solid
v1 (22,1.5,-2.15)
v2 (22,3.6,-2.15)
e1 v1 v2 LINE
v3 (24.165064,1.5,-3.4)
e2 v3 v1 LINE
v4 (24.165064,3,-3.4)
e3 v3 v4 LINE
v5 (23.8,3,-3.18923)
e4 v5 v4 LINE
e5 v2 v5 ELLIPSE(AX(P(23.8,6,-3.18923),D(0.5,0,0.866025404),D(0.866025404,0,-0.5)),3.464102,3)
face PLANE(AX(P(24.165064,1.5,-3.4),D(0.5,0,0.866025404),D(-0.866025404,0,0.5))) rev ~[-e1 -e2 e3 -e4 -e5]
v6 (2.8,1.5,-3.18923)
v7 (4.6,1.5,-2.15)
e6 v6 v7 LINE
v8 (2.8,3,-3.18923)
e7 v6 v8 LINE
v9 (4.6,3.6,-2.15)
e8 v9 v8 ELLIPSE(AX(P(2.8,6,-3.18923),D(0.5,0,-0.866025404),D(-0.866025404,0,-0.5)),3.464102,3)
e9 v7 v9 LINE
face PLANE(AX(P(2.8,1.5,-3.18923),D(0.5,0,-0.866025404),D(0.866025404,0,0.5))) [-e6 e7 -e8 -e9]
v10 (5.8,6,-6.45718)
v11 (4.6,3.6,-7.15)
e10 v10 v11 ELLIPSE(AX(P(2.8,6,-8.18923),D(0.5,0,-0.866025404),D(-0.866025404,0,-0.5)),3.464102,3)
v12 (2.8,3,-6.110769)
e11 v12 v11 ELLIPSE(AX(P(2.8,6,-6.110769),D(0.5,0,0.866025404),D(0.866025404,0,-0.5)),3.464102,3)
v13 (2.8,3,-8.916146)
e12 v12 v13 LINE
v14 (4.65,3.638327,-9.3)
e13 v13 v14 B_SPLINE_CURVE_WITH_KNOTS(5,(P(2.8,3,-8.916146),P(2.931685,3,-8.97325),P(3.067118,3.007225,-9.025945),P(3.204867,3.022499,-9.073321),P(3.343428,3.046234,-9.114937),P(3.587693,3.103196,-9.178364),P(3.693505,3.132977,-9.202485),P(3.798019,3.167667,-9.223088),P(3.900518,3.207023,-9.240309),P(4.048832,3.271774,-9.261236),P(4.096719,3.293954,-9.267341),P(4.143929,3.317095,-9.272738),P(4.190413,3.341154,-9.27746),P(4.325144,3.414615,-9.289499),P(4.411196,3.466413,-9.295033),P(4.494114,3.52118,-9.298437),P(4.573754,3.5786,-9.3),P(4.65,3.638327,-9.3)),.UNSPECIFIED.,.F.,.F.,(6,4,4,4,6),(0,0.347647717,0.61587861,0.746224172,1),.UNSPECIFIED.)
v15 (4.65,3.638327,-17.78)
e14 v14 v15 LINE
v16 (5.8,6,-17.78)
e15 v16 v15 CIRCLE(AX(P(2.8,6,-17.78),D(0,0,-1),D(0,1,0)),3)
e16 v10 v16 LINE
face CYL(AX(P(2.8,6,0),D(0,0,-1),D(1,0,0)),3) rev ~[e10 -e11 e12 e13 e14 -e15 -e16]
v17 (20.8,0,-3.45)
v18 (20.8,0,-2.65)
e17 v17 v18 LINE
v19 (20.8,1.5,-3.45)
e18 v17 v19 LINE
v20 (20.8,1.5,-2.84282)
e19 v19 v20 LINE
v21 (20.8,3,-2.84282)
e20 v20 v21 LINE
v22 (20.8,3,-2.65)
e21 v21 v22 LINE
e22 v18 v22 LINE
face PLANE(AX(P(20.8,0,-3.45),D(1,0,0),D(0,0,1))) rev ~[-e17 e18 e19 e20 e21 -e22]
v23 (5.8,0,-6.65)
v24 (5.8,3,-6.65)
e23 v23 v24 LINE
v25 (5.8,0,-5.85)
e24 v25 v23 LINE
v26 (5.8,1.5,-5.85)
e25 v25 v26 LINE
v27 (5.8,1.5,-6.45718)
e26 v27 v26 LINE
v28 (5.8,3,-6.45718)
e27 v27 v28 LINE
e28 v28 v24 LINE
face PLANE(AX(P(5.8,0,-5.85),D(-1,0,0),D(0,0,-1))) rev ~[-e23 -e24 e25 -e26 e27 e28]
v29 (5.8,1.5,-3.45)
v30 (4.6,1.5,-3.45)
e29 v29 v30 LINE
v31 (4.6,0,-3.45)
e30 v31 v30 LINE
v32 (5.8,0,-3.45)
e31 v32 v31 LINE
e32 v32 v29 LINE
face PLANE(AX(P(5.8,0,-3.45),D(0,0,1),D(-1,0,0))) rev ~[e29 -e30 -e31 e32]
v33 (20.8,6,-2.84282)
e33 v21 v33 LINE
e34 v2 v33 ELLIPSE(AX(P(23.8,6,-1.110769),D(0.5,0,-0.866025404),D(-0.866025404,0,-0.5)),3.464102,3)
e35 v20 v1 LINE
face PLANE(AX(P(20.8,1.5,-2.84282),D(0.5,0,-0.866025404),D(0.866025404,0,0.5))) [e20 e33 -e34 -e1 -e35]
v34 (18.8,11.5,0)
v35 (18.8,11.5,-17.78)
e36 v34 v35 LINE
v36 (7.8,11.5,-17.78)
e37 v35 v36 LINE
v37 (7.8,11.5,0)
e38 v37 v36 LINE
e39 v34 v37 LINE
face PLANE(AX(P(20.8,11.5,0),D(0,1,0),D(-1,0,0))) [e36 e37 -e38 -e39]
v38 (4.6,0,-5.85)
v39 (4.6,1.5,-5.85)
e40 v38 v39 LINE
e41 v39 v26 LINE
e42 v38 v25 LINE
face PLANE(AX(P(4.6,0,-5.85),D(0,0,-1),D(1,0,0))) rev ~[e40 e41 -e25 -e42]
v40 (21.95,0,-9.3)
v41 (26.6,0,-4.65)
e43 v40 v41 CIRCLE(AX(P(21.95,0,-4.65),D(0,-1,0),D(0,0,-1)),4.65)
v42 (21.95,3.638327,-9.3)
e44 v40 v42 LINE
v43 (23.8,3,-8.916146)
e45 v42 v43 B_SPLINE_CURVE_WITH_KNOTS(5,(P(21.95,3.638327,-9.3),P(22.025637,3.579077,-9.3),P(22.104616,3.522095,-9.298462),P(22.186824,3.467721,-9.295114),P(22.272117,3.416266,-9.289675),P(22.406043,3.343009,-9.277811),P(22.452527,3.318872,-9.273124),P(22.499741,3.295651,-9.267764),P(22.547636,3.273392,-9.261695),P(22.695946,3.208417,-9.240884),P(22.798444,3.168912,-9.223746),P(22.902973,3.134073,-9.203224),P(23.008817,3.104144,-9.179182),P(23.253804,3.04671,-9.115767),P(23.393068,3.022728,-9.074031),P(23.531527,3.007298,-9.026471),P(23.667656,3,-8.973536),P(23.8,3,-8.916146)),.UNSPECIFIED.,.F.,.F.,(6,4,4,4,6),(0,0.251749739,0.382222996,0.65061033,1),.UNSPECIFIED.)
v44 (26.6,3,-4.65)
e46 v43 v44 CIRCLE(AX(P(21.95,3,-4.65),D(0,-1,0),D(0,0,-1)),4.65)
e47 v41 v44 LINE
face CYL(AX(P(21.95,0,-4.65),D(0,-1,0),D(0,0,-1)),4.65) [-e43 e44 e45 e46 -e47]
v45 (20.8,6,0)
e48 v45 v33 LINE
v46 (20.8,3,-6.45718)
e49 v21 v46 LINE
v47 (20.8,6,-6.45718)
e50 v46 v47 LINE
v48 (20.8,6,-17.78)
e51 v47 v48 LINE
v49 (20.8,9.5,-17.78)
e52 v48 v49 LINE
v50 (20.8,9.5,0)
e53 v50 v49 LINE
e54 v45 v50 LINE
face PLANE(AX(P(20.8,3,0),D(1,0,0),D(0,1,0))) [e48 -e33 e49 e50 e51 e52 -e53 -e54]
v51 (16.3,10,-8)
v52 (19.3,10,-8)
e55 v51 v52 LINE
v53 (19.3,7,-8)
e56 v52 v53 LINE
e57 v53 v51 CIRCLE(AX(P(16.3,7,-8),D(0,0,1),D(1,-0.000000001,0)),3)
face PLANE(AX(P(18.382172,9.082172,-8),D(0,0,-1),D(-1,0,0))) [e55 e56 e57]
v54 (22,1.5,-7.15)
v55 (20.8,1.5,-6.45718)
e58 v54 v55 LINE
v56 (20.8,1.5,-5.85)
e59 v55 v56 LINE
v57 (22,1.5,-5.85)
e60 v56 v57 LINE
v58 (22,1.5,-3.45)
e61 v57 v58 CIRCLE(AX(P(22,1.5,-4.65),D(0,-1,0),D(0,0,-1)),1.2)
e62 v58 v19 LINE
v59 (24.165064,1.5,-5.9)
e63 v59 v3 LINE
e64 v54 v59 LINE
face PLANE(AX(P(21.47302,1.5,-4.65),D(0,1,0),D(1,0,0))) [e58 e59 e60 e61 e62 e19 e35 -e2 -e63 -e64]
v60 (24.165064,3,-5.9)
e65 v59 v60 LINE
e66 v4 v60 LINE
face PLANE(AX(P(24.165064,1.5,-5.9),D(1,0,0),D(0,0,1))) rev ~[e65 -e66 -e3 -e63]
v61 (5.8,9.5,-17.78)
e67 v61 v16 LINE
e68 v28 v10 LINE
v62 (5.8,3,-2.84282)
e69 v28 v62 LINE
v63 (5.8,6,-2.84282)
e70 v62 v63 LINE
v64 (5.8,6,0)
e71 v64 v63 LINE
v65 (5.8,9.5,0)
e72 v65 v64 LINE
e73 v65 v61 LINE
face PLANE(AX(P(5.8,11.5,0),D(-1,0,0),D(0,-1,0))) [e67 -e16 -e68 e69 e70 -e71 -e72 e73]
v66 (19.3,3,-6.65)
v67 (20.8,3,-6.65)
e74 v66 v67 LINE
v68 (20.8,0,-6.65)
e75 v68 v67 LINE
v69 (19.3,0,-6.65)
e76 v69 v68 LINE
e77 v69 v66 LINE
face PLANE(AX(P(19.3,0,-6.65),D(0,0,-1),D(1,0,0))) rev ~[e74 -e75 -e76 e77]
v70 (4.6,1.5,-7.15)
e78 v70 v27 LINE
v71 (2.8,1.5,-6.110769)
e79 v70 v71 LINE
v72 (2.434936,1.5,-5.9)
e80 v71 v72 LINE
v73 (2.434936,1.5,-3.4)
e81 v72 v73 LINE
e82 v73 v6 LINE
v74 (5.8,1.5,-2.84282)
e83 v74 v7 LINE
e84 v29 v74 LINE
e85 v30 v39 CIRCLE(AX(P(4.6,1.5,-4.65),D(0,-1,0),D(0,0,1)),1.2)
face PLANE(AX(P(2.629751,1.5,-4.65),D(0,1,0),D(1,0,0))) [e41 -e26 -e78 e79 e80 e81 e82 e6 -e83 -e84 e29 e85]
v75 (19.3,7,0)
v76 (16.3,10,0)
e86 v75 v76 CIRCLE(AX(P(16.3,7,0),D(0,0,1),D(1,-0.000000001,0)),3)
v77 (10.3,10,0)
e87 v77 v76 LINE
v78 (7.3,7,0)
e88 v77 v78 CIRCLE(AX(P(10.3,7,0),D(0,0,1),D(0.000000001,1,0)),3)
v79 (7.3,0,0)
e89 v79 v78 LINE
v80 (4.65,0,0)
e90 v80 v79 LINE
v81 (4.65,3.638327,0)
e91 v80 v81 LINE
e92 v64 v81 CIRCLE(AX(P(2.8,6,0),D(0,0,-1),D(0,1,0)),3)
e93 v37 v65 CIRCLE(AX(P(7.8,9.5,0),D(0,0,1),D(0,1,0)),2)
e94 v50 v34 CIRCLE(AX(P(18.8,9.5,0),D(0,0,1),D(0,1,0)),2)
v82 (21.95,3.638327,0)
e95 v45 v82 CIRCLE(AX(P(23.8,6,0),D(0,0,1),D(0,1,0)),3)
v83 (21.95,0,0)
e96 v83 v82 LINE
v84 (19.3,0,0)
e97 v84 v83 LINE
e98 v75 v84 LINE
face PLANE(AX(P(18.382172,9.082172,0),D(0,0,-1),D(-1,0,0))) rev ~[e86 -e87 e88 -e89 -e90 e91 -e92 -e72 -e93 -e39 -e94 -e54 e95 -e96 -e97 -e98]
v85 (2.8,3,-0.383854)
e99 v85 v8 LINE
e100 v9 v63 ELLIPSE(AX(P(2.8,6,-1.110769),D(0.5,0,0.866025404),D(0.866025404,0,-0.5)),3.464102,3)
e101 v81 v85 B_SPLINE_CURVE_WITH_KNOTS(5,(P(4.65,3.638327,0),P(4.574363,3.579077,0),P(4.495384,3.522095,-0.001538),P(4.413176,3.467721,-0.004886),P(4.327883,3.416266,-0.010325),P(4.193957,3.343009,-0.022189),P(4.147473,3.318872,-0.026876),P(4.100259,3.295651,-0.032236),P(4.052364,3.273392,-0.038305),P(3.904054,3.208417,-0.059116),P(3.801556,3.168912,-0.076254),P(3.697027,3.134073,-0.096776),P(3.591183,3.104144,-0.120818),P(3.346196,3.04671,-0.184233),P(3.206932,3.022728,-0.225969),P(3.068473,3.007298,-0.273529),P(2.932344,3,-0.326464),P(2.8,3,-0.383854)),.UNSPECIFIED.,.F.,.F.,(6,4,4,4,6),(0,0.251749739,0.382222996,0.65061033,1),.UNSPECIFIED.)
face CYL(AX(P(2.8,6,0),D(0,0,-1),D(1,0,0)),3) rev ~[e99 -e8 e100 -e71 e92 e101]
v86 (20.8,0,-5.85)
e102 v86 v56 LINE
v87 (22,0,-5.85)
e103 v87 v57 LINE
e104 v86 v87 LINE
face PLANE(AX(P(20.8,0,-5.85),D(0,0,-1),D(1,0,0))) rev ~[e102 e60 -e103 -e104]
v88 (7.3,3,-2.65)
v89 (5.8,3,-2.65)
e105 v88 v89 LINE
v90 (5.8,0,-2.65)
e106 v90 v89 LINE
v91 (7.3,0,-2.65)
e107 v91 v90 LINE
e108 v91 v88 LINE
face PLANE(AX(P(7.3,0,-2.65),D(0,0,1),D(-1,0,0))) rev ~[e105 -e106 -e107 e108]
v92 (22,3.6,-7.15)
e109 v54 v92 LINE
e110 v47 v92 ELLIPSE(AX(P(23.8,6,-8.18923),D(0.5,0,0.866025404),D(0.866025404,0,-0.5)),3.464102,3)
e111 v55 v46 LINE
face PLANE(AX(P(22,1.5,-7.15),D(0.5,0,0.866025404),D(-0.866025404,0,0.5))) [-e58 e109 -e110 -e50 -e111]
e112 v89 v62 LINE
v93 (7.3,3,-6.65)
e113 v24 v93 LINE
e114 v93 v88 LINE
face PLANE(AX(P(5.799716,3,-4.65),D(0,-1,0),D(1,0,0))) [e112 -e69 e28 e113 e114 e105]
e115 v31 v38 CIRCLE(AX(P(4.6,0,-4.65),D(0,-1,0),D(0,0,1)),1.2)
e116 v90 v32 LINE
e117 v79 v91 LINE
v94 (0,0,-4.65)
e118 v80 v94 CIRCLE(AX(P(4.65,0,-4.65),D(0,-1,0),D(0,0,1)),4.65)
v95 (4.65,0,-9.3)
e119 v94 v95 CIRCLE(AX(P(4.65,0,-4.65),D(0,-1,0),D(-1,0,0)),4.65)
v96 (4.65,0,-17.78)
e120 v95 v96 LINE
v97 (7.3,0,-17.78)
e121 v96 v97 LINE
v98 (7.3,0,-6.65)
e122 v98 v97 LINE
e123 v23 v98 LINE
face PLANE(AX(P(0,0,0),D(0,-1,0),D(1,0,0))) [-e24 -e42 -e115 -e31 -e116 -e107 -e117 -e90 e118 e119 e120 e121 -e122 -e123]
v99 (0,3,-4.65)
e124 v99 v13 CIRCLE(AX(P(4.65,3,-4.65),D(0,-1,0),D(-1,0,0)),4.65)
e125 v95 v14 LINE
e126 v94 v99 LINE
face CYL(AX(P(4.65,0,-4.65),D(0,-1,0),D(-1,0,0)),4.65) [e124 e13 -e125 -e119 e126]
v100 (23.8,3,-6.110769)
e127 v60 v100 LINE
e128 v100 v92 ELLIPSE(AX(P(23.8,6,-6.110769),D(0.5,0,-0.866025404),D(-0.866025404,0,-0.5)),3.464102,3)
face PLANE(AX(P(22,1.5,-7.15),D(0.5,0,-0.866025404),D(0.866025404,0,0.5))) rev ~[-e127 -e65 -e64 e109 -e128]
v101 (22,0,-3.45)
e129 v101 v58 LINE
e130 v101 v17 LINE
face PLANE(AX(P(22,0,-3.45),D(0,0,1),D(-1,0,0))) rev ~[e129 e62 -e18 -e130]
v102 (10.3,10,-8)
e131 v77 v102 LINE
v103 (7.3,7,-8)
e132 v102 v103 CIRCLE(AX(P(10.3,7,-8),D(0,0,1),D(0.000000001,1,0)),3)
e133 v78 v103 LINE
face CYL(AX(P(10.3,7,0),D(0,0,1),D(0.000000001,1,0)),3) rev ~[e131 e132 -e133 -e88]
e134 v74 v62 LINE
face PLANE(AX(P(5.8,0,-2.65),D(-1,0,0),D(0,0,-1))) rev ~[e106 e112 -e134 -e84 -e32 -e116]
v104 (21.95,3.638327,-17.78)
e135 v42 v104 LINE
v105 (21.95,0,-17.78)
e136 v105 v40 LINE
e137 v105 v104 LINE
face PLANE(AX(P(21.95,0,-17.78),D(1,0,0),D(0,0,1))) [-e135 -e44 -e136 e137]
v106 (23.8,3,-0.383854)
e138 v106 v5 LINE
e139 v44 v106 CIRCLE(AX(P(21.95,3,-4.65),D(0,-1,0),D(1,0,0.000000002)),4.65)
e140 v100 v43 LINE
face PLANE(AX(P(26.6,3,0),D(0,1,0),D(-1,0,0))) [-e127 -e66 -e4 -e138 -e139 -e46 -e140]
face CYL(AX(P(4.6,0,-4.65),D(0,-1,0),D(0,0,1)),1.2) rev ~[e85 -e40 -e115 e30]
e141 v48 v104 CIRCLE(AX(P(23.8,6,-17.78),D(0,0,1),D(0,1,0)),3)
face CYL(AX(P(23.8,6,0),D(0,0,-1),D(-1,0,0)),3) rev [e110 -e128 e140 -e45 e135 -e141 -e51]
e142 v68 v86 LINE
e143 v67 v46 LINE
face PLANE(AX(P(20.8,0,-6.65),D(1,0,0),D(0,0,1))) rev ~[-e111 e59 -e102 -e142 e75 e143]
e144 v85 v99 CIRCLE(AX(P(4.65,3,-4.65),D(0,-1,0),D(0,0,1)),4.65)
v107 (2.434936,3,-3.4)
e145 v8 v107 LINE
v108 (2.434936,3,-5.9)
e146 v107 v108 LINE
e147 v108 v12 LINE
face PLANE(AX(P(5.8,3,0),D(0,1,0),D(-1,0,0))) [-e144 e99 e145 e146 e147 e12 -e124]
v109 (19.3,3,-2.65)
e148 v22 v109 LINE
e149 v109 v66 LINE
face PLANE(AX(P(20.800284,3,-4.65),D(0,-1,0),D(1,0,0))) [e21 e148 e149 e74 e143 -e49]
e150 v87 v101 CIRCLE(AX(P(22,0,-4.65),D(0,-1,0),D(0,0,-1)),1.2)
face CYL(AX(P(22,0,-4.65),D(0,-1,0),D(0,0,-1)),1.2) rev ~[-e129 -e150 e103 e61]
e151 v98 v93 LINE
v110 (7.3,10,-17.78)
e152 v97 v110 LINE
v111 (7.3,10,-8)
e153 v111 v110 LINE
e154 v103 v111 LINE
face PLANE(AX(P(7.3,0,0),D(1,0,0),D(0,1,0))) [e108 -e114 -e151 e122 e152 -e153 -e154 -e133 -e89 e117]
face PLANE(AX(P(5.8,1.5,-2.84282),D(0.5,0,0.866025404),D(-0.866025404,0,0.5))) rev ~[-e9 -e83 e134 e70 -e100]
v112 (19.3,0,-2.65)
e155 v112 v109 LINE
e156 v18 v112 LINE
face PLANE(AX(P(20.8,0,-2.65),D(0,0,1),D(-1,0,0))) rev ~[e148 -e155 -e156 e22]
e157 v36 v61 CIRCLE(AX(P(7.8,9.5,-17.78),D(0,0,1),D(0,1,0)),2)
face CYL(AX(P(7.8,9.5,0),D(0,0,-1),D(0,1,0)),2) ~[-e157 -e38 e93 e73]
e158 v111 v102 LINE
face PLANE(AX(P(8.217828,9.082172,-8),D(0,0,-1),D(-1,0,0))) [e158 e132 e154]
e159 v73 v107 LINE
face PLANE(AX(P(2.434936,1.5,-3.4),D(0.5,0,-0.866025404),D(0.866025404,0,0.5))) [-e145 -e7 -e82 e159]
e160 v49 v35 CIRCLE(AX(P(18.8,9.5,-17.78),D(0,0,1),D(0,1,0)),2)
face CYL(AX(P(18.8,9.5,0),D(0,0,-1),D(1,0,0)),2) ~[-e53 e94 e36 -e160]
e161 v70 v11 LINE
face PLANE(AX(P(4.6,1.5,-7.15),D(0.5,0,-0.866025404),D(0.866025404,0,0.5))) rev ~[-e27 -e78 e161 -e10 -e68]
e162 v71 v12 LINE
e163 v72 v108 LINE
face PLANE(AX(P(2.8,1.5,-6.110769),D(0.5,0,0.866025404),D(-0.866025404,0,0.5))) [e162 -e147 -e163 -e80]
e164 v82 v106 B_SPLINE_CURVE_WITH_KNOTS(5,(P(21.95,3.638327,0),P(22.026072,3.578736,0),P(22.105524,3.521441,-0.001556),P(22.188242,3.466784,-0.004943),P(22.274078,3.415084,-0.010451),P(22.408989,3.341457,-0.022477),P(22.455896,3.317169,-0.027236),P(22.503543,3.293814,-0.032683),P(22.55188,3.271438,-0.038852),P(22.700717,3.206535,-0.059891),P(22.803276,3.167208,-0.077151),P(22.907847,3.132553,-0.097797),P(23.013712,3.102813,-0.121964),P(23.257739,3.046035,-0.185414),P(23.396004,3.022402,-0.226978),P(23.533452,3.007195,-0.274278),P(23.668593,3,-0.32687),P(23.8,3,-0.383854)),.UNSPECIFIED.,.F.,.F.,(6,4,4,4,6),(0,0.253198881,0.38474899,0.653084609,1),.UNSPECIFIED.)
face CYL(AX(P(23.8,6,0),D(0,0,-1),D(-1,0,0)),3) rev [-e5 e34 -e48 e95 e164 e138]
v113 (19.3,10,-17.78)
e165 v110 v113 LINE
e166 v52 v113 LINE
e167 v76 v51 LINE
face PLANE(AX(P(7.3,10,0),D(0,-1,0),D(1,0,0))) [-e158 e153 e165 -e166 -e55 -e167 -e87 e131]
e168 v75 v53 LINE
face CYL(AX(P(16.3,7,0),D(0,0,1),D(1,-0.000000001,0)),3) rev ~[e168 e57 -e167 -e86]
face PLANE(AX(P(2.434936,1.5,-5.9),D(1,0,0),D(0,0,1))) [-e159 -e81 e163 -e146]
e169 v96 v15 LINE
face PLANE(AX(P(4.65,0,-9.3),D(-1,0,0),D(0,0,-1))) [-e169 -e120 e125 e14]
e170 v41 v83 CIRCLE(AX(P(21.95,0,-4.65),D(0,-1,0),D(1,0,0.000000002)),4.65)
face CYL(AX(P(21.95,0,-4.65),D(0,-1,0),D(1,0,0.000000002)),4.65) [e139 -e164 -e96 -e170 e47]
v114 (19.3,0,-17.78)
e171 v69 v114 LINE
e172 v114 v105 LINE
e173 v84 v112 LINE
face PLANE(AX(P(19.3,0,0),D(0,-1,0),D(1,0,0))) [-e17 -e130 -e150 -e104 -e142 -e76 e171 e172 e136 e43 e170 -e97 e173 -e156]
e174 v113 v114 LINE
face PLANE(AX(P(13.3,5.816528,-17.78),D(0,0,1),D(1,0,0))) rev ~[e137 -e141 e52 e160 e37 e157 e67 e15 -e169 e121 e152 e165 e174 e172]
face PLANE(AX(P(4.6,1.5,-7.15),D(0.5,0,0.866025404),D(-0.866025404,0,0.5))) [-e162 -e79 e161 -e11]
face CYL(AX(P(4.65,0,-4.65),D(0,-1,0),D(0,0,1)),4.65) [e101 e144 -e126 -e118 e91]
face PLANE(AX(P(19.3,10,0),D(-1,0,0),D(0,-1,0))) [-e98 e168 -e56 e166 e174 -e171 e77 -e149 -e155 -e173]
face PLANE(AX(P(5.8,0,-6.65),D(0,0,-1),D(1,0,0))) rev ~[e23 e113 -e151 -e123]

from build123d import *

# Parameters (mm, degrees)
BOSS_EXTRUDE1_DEPTH     = 17.78
FILLET1_R               = 2
FILLET2_R               = 3
CUT_EXTRUDE5_DEPTH      = 34.999094106
CUT_EXTRUDE6_DEPTH      = 3
CUT_EXTRUDE7_DEPTH      = 3
CUT_EXTRUDE7_DEPTH_BACK = 1.5
BOSS_EXTRUDE2_DEPTH     = 8


with BuildPart() as part:
    # Sketch1 → Boss-Extrude1 (new body)
    with BuildSketch(Plane.XY):
        Polygon((0, 3), (0, 0), (7.3, 0), (7.3, 10), (13.3, 10), (19.3, 10), (19.3, 0), (26.6, 0), (26.6, 3), (20.8, 3), (20.8, 11.5), (5.8, 11.5), (5.8, 3), align=None)
    extrude(amount=-BOSS_EXTRUDE1_DEPTH)

    # Fillet1
    fillet1_edges = [part.edges().sort_by_distance(p)[0] for p in [
        (5.8, 11.5, -8.89),
        (20.8, 11.5, -8.89),
    ]]
    fillet(fillet1_edges, radius=FILLET1_R)

    # Fillet2
    fillet2_edges = [part.edges().sort_by_distance(p)[0] for p in [
        (5.8, 3, -8.89),
        (20.8, 3, -8.89),
    ]]
    fillet(fillet2_edges, radius=FILLET2_R)

    # Sketch2 → Cut-Extrude5 (cut, through all)
    with BuildSketch(Plane(origin=(0, 0, 0), x_dir=(1, 0, 0), z_dir=(0, 1, 0))):
        with BuildLine():
            Line((0, 17.78), (0, 4.65))
            ThreePointArc((0, 4.65), (1.361953467, 7.938046533), (4.65, 9.3))
            Line((4.65, 9.3), (4.65, 17.78))
            Line((4.65, 17.78), (0, 17.78))
        make_face()
        with BuildLine():
            Line((0, 4.65), (0, 0))
            Line((0, 0), (4.65, 0))
            ThreePointArc((4.65, 0), (1.361953467, 1.361953467), (0, 4.65))
        make_face()
        with BuildLine():
            ThreePointArc((21.95, 9.3), (25.238046535, 7.93804653), (26.6, 4.649999993))
            Line((26.6, 4.649999993), (26.6, 17.78))
            Line((26.6, 17.78), (21.95, 17.78))
            Line((21.95, 17.78), (21.95, 9.3))
        make_face()
        with BuildLine():
            Line((21.95, 0), (26.6, 0))
            Line((26.6, 0), (26.6, 4.649999993))
            ThreePointArc((26.6, 4.649999993), (25.23804653, 1.361953465), (21.95, 0))
        make_face()
    extrude(amount=CUT_EXTRUDE5_DEPTH, mode=Mode.SUBTRACT)

    # Sketch3 → Cut-Extrude6 (cut)
    with BuildSketch(Plane.XZ):
        with BuildLine():
            Line((7.3, -6.649999971), (7.3, -2.649999971))
            Line((7.3, -2.649999971), (5.8, -2.649999971))
            Line((5.8, -2.649999971), (5.8, -3.449999971))
            Line((5.8, -3.449999971), (4.6, -3.449999971))
            ThreePointArc((4.6, -3.449999971), (3.4, -4.649999971), (4.6, -5.849999971))
            Line((4.6, -5.849999971), (5.8, -5.849999971))
            Line((5.8, -5.849999971), (5.8, -6.649999971))
            Line((5.8, -6.649999971), (7.3, -6.649999971))
        make_face()
        with BuildLine():
            Line((20.8, -5.849999971), (22, -5.849999971))
            ThreePointArc((22, -5.849999971), (23.2, -4.649999971), (22, -3.449999971))
            Line((22, -3.449999971), (20.8, -3.449999971))
            Line((20.8, -3.449999971), (20.8, -2.649999971))
            Line((20.8, -2.649999971), (19.3, -2.649999971))
            Line((19.3, -2.649999971), (19.3, -6.649999971))
            Line((19.3, -6.649999971), (20.8, -6.649999971))
            Line((20.8, -6.649999971), (20.8, -5.849999971))
        make_face()
    extrude(amount=-CUT_EXTRUDE6_DEPTH, mode=Mode.SUBTRACT)

    # Sketch4 → Cut-Extrude7 (cut, two sides: drawn at the far end of the back side and taken through both)
    with BuildSketch(Plane(origin=(0, 3, 0), x_dir=(1, 0, 0), z_dir=(0, 1, 0)).offset(-CUT_EXTRUDE7_DEPTH_BACK)):
        Polygon((2.8, 3.189230456), (2.8, 6.110769486), (2.434936491, 5.899999971), (2.434936491, 3.399999971), align=None)
        Polygon((4.6, 2.149999971), (4.6, 4.649999971), (4.6, 7.149999971), (2.8, 6.110769486), (2.8, 3.189230456), align=None)
        Polygon((5.8, 2.842820294), (4.6, 2.149999971), (4.6, 4.649999971), (4.6, 7.149999971), (5.8, 6.457179648), align=None)
        Polygon((22, 2.149999971), (22, 4.649999971), (22, 7.149999971), (20.8, 6.457179648), (20.8, 2.842820294), align=None)
        Polygon((24.165063509, 5.899999971), (24.165063509, 3.399999971), (22, 2.149999971), (22, 4.649999971), (22, 7.149999971), align=None)
    extrude(amount=CUT_EXTRUDE7_DEPTH + CUT_EXTRUDE7_DEPTH_BACK, mode=Mode.SUBTRACT)

    # Sketch5 → Boss-Extrude2 (add)
    with BuildSketch(Plane(origin=(0, 0, 0), x_dir=(-1, 0, 0), z_dir=(0, 0, -1))):
        with BuildLine():
            Line((-16.3, 10), (-19.3, 10))
            Line((-19.3, 10), (-19.3, 7))
            ThreePointArc((-19.3, 7), (-18.421320344, 9.121320344), (-16.3, 10))
        make_face()
        with BuildLine():
            Line((-7.3, 7), (-7.3, 10))
            Line((-7.3, 10), (-10.3, 10))
            ThreePointArc((-10.3, 10), (-8.178679656, 9.121320344), (-7.3, 7))
        make_face()
    extrude(amount=BOSS_EXTRUDE2_DEPTH)


solid = part.part
